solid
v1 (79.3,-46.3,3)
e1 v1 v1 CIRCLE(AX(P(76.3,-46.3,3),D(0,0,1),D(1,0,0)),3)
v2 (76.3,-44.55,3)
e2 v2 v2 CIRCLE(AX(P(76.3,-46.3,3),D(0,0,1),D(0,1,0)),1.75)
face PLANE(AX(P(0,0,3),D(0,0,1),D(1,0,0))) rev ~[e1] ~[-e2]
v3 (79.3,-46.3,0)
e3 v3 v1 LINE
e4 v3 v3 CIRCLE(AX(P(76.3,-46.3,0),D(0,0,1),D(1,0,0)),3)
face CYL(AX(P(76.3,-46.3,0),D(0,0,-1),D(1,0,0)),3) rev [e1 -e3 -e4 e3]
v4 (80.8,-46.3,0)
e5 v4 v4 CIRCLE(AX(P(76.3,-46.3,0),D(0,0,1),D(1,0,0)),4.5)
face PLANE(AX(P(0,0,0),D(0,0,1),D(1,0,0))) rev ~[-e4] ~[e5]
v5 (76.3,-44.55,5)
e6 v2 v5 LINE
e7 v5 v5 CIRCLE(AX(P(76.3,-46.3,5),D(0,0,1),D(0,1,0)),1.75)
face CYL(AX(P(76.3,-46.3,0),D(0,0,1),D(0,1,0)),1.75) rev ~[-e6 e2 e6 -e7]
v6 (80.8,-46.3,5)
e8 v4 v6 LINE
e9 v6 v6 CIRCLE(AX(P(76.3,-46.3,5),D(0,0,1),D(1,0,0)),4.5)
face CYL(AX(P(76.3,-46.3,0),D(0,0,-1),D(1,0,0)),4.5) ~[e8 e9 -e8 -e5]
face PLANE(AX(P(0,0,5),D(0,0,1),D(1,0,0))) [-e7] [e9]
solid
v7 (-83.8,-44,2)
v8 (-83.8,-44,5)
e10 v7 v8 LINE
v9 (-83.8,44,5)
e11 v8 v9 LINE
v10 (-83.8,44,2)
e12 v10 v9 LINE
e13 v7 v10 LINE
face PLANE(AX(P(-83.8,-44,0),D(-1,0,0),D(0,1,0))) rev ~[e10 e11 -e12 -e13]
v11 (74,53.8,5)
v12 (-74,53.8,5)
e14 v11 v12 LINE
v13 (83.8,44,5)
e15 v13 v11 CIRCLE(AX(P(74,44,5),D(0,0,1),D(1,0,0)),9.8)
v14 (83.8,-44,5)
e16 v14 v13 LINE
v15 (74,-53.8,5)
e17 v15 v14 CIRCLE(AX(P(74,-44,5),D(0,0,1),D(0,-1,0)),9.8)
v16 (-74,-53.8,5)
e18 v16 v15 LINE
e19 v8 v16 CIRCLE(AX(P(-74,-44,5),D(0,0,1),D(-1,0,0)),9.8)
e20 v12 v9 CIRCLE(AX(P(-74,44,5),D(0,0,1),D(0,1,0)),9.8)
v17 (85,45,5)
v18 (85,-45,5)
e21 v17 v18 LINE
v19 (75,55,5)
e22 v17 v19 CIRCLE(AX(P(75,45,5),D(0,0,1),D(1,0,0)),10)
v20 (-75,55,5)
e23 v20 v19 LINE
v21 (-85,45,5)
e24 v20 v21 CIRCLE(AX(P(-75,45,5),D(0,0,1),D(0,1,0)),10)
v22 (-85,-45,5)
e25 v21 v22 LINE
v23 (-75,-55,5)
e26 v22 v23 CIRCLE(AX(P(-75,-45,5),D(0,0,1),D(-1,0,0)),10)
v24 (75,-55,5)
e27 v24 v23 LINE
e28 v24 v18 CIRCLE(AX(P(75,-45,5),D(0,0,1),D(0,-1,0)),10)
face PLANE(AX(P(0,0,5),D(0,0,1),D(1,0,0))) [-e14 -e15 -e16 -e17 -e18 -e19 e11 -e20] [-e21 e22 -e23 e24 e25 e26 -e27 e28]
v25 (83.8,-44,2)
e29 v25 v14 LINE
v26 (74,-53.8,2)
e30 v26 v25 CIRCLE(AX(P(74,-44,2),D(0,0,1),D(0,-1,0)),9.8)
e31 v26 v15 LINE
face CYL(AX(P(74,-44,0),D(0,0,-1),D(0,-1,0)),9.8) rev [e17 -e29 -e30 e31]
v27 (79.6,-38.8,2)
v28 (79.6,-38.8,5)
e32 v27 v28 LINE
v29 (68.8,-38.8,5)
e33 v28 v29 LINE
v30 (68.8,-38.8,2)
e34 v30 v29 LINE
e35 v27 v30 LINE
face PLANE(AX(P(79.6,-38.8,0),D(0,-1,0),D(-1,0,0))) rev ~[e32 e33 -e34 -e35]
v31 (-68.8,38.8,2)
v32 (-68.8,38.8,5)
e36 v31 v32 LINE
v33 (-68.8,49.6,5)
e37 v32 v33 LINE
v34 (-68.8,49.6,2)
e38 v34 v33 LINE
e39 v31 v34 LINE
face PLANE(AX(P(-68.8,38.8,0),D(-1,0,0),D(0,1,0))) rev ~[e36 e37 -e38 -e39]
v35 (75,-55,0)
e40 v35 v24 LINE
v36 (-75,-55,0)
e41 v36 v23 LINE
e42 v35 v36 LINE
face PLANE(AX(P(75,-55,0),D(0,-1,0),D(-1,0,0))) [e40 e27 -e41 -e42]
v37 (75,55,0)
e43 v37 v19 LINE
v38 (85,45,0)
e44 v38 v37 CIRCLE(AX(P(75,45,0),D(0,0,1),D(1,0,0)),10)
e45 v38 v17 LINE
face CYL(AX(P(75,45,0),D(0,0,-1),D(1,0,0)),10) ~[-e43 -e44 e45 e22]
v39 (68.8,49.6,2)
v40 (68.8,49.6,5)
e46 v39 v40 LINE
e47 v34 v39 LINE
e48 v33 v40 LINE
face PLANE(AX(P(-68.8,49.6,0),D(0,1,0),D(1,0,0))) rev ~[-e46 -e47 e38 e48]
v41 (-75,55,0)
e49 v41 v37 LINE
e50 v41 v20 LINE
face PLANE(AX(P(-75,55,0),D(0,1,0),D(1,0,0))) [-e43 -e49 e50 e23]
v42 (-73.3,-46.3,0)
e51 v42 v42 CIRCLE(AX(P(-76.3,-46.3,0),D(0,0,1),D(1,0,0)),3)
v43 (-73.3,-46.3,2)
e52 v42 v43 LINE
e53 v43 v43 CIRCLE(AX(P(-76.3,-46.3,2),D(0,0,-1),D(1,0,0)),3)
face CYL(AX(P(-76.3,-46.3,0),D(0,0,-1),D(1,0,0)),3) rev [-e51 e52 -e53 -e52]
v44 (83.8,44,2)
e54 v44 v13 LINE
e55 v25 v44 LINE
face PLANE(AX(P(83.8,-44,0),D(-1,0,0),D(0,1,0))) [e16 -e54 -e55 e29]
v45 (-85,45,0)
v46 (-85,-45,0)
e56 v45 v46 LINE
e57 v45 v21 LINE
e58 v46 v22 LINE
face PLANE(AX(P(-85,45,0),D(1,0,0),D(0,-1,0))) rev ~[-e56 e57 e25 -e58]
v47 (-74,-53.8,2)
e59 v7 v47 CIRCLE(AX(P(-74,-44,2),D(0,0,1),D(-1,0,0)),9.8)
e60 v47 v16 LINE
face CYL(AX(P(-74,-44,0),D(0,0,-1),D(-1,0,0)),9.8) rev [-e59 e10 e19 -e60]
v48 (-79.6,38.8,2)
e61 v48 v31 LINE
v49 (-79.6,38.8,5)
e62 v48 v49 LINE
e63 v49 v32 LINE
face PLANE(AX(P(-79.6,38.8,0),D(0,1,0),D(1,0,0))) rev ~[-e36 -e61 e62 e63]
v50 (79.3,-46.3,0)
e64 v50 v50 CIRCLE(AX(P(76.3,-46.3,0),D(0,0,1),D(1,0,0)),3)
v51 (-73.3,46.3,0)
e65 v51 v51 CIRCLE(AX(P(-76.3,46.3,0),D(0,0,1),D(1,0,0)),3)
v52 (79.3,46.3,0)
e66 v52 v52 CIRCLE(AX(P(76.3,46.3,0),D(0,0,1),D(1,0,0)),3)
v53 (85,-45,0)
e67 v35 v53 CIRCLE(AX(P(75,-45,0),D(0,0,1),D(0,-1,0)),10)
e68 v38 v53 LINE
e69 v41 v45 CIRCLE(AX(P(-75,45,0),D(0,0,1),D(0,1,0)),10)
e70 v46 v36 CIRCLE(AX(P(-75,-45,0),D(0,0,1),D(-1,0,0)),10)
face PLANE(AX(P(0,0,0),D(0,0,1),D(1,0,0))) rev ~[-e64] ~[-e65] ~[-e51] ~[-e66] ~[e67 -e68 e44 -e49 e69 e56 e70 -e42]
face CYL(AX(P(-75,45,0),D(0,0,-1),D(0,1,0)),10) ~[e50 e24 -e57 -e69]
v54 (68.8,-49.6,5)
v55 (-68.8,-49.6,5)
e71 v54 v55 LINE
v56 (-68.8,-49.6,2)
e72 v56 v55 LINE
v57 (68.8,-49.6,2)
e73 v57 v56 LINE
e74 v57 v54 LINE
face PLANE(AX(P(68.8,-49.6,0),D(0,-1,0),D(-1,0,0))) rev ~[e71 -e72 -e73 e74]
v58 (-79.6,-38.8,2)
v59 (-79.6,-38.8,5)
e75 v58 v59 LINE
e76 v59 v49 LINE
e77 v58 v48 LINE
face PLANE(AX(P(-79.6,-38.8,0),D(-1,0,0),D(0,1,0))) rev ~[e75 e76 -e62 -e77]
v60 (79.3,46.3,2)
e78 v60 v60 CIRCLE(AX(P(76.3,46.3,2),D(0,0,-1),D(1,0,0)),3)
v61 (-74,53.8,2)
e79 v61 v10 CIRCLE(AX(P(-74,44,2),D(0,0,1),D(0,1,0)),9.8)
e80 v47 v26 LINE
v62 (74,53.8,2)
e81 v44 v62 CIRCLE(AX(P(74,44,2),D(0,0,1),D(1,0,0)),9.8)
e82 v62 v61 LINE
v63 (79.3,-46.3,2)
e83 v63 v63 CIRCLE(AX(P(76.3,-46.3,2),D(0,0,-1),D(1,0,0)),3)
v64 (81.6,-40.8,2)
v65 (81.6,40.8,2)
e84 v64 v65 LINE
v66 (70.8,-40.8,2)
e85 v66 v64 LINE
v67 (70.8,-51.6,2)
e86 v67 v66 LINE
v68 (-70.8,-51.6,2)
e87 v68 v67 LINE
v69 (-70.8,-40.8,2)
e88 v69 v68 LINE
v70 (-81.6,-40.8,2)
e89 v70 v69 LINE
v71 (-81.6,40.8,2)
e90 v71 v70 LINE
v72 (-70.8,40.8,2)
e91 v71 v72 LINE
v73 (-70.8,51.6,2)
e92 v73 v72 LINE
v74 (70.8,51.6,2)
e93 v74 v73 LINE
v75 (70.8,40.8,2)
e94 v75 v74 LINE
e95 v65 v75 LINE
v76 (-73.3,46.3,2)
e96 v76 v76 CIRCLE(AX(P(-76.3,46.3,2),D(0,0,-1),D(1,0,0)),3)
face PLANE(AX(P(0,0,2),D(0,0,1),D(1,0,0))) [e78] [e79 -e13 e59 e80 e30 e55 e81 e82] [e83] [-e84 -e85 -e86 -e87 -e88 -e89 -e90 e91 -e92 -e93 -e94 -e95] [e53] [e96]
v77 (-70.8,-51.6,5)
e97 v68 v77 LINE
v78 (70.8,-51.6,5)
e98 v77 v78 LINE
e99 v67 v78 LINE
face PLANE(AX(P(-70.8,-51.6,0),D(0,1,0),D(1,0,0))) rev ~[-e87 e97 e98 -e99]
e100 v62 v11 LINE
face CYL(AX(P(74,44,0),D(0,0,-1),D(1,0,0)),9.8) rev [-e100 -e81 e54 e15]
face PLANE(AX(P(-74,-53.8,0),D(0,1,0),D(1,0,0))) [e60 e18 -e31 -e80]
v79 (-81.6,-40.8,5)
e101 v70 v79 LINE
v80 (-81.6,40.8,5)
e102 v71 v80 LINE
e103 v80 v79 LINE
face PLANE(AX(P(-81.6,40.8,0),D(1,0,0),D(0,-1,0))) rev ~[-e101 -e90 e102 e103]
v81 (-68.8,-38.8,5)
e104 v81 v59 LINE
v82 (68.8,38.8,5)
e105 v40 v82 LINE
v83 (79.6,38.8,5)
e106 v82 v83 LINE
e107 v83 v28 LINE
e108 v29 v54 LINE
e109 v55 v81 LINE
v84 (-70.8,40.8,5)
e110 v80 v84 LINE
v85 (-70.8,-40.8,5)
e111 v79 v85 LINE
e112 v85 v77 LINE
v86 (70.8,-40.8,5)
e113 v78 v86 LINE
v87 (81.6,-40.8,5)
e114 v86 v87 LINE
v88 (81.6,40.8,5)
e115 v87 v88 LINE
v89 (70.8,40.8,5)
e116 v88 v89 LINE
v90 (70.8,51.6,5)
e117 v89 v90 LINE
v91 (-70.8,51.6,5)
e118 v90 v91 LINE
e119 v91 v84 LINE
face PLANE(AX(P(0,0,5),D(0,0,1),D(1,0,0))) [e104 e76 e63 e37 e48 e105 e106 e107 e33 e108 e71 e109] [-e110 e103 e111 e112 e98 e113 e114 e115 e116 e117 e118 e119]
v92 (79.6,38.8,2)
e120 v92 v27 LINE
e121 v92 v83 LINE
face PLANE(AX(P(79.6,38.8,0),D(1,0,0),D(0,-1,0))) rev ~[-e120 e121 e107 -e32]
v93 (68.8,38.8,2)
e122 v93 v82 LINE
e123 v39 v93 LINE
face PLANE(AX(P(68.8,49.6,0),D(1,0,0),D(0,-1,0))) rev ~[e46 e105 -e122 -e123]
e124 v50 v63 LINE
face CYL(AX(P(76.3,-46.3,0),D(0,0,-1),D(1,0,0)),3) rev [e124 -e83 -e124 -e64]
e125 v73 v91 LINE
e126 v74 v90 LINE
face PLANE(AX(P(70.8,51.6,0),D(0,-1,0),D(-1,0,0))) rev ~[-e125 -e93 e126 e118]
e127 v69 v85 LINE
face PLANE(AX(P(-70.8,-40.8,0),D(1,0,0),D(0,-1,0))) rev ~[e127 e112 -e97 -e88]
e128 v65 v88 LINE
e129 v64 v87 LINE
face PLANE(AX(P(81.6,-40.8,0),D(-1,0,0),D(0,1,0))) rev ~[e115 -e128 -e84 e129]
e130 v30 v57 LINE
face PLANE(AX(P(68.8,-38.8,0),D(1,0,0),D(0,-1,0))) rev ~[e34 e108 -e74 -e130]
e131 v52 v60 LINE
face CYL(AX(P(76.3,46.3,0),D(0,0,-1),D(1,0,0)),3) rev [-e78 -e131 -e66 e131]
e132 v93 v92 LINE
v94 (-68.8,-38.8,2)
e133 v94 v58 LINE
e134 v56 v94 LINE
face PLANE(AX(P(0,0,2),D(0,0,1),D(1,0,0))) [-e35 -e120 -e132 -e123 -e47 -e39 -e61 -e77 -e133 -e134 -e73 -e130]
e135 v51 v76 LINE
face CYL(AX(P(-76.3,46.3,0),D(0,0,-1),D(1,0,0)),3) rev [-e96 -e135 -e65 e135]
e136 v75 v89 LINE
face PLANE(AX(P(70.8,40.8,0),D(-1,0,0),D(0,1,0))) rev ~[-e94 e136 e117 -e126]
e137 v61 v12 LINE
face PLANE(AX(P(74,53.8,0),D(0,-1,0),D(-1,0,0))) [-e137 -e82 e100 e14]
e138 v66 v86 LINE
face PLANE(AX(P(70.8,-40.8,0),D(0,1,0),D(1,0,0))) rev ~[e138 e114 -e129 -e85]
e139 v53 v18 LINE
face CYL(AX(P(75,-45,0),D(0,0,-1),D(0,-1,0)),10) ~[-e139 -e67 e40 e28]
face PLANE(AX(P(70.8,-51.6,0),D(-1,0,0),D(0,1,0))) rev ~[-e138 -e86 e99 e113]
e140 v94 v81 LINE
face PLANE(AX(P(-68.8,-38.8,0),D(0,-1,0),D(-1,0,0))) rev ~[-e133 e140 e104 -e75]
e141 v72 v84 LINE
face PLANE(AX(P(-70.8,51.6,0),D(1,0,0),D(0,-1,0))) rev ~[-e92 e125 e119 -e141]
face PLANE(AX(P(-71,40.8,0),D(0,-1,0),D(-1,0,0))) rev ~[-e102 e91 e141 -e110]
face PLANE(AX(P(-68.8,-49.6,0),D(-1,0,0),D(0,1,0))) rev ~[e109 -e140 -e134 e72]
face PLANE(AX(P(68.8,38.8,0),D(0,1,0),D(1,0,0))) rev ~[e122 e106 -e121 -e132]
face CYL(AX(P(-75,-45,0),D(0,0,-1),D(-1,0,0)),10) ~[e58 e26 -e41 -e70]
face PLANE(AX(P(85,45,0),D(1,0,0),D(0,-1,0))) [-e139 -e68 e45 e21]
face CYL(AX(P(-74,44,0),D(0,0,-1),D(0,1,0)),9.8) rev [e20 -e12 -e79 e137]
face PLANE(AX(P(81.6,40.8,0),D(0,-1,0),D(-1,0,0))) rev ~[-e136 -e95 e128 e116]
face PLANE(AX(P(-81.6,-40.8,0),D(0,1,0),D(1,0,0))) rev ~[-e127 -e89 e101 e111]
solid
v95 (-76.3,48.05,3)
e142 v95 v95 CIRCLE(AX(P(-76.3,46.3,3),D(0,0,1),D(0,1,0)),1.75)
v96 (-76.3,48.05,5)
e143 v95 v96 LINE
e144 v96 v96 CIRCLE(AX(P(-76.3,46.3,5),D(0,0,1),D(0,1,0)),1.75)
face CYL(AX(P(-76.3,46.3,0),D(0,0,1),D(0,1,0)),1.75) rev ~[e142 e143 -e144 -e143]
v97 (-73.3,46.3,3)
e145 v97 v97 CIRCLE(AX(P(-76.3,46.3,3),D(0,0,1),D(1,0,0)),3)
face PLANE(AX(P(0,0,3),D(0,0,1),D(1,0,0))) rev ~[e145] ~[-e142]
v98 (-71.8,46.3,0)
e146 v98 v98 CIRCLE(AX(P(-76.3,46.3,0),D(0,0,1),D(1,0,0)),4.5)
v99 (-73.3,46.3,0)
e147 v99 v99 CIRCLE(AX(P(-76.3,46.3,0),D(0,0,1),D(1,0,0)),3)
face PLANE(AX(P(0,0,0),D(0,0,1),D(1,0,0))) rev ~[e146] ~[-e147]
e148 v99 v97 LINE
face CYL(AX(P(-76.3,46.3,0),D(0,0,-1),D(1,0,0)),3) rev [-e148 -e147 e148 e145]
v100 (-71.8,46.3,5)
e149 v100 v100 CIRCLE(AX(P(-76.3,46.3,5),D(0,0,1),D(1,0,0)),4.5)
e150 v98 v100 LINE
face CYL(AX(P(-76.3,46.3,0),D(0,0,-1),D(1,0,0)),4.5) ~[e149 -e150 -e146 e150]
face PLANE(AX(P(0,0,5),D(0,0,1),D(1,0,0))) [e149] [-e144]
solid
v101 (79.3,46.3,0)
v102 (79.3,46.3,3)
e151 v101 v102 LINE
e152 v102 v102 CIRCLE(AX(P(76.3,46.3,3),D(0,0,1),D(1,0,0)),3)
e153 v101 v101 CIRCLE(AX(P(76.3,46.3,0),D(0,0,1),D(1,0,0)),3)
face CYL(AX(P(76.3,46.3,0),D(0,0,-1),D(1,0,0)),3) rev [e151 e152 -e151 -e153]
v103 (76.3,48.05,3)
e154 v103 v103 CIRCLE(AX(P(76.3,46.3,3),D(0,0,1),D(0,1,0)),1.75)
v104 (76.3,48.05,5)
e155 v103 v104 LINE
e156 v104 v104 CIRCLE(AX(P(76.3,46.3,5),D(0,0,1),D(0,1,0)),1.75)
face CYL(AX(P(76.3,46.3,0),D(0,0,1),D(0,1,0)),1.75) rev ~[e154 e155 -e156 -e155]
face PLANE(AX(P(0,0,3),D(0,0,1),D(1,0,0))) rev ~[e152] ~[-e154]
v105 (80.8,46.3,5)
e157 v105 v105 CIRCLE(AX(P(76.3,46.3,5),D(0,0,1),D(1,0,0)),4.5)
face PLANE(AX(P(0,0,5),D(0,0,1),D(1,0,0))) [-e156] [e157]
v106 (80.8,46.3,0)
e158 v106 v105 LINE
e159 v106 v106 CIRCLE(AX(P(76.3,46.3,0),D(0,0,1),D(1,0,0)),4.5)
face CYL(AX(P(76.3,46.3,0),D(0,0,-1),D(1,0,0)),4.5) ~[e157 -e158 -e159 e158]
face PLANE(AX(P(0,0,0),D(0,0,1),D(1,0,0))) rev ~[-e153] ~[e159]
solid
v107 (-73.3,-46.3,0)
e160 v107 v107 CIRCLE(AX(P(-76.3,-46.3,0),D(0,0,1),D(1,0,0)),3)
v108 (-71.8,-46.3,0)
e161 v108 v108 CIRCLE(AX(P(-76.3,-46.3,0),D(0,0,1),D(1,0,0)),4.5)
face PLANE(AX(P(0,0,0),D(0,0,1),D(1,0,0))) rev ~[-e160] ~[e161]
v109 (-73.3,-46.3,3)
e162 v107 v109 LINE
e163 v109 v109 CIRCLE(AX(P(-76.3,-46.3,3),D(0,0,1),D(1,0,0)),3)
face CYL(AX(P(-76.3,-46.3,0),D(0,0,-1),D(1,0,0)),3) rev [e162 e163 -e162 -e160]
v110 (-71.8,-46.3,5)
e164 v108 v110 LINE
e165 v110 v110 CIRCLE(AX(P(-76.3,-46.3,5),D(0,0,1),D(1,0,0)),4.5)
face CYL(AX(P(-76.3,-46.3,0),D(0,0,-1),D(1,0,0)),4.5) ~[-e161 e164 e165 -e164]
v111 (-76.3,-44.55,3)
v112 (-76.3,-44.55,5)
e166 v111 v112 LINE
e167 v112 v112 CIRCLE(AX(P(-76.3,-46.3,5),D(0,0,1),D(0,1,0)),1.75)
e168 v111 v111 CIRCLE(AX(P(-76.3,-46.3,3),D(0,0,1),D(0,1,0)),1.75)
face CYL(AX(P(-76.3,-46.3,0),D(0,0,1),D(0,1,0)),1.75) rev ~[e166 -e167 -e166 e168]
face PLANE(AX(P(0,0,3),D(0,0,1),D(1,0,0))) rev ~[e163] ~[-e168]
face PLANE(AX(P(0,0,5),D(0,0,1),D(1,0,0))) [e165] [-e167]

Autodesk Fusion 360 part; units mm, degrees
sketch "Skizze1" plane through (0, 0, 0) normal (0, 0, 1) x (1, 0, 0)
  line L0 (85, -55) -> (-85, -55) construction
  line L1 (-85, -55) -> (-85, 55) construction
  line L2 (-85, 55) -> (85, 55) construction
  line L3 (85, 55) -> (85, -55) construction
  line L4 (85, -55) -> (-85, 55) construction
  line L5 (-85, -55) -> (85, 55) construction
  line L6 (83.8, -53.8) -> (-83.8, -53.8) construction
  line L7 (-83.8, -53.8) -> (-83.8, 53.8) construction
  line L8 (-83.8, 53.8) -> (83.8, 53.8) construction
  line L9 (83.8, 53.8) -> (83.8, -53.8) construction
  line L10 (83.8, -53.8) -> (-83.8, 53.8) construction
  line L11 (-83.8, -53.8) -> (83.8, 53.8) construction
  line L12 (60, 45) -> (112.6344, 45) construction
  line L13 (75, 65.4743) -> (75, 20.9271) construction
  arc A0 (85, 45) -> (75, 55) centre (75, 45) ccw
  line L14 (74, 76.2401) -> (74, -7.7296) construction
  line L15 (56.5373, 44) -> (104.4576, 44) construction
  arc A1 (83.8, 44) -> (74, 53.8) centre (74, 44) ccw
  line L16 (69, 40.8) -> (92.7084, 40.8) construction
  line L17 (70.8, 58.1175) -> (70.8, 37.2449) construction
  line L18 (-99.6173, 51.6) -> (133.2089, 51.6) construction
  line L19 (-98.318, -51.6) -> (125.4134, -51.6) construction
  line L20 (-81.6, 68.7546) -> (-81.6, -65.5882) construction
  line L21 (81.6, 76.2401) -> (81.6, -68.4466) construction
  line L22 (0, 88.5072) -> (0, -73.8187) construction
  line L23 (-112.3323, 0) -> (170, 0) construction
  arc A2 (-75, 55) -> (-85, 45) centre (-75, 45) ccw
  arc A3 (-74, 53.8) -> (-83.8, 44) centre (-74, 44) ccw
  arc A4 (75, -55) -> (85, -45) centre (75, -45) ccw
  arc A5 (74, -53.8) -> (83.8, -44) centre (74, -44) ccw
  arc A6 (-83.8, -44) -> (-74, -53.8) centre (-74, -44) ccw
  arc A7 (-85, -45) -> (-75, -55) centre (-75, -45) ccw
  line L24 (-85, 45) -> (-85, -45)
  line L25 (-83.8, -44) -> (-83.8, 44)
  line L26 (-75, 55) -> (75, 55)
  line L27 (74, 53.8) -> (-74, 53.8)
  line L28 (85, 45) -> (85, -45)
  line L29 (83.8, -44) -> (83.8, 44)
  line L30 (75, -55) -> (-75, -55)
  line L31 (-74, -53.8) -> (74, -53.8)
  line L32 (70.8, -51.6) -> (70.8, -40.8)
  line L33 (70.8, -40.8) -> (81.6, -40.8)
  line L34 (81.6, -40.8) -> (81.6, 40.8)
  line L35 (81.6, 40.8) -> (70.8, 40.8)
  line L36 (70.8, 40.8) -> (70.8, 51.6)
  line L37 (70.8, 51.6) -> (-70.8, 51.6)
  line L38 (-70.8, 40.8) -> (-71, 40.8)
  line L39 (-70.8, 51.6) -> (-70.8, 40.8)
  line L40 (-71, 40.8) -> (-81.6, 40.8)
  line L41 (-81.6, 40.8) -> (-81.6, -40.8)
  line L42 (-81.6, -40.8) -> (-70.8, -40.8)
  line L43 (-70.8, -40.8) -> (-70.8, -51.6)
  line L44 (-70.8, -51.6) -> (70.8, -51.6)
  line L45 (-105.874, 46.3) -> (130.8939, 46.3) construction
  line L46 (-106.5857, -46.3) -> (122.1159, -46.3) construction
  line L47 (76.3, 62.7556) -> (76.3, -77.2174) construction
  line L48 (-76.3, 64.1791) -> (-76.3, -73.896) construction
  circle A8 centre (76.3, 46.3) radius 4.5
  circle A9 centre (76.3, 46.3) radius 3
  circle A10 centre (76.3, -46.3) radius 4.5
  circle A11 centre (76.3, -46.3) radius 3
  circle A12 centre (-76.3, -46.3) radius 4.5
  circle A13 centre (-76.3, -46.3) radius 3
  circle A14 centre (-76.3, 46.3) radius 4.5
  circle A15 centre (-76.3, 46.3) radius 3
  line L49 (-68.8, 49.6) -> (68.8, 49.6)
  line L50 (68.8, 49.6) -> (68.8, 38.8)
  line L51 (68.8, 38.8) -> (79.6, 38.8)
  line L52 (79.6, 38.8) -> (79.6, -38.8)
  line L53 (79.6, -38.8) -> (68.8, -38.8)
  line L54 (68.8, -38.8) -> (68.8, -49.6)
  line L55 (68.8, -49.6) -> (-68.8, -49.6)
  line L56 (-68.8, -49.6) -> (-68.8, -38.8)
  line L57 (-68.8, -38.8) -> (-79.6, -38.8)
  line L58 (-79.6, -38.8) -> (-79.6, 38.8)
  line L59 (-79.6, 38.8) -> (-68.8, 38.8)
  line L60 (-68.8, 38.8) -> (-68.8, 49.6)
  point P0 (75, 45)
  point P1 (75, 55)
  point P2 (85, 45)
  point P3 (74, 44)
  point P4 (74, 53.8)
  point P5 (83.8, 44)
  point P6 (70.8, 51.6)
  point P7 (70.8, 40.8)
  point P8 (81.6, 40.8)
  point P9 (-81.6, 40.8)
  point P10 (-70.8, 51.6)
  point P11 (-70.8, 40.8)
  point P12 (81.6, -40.8)
  point P13 (70.8, -40.8)
  point P14 (70.8, -51.6)
  point P15 (-81.6, -40.8)
  point P16 (-70.8, -40.8)
  point P17 (-70.8, -51.6)
  point P18 (76.3, 46.3)
  point P19 (76.3, -46.3)
  point P20 (-76.3, -46.3)
  point P21 (-76.3, 46.3)
  dimension "d1" = 170
  dimension "d2" = 110
  dimension "d3" = 167.6
  dimension "d4" = 107.6
  dimension "d6" = 10
  dimension "d7" = 10
  dimension "d8" = 74
  dimension "d9" = 44
  dimension "d13" = 14.2
  dimension "d14" = 14.2
  dimension "d15" = 2.2
  dimension "d16" = 2.2
  dimension "d17" = 2.2
  dimension "d18" = 2.2
  dimension "d19" = 46.3
  dimension "d20" = 46.3
  dimension "d21" = 76.3
  dimension "d22" = 76.3
  dimension "d23" = 9
  dimension "d24" = 6
  dimension "d25" = 9
  dimension "d26" = 6
  dimension "d27" = 9
  dimension "d28" = 6
  dimension "d29" = 9
  dimension "d30" = 6
  dimension "d31" = 2
  dimension "d32" = 2
  dimension "d33" = 2
  dimension "d34" = 2
  dimension "d35" = 2
  dimension "d36" = 2
  dimension "d37" = 2
  dimension "d38" = 2
  dimension "d39" = 2
  dimension "d40" = 2
  dimension "d41" = 2
  dimension "d42" = 2
extrude "Extrusion1" add sketch "Skizze1" along normal blind 2 contours A1 A3 A5 A6 L25 L27 L29 L31 | A8 | A9 | A10 | A11 | A12 | A13 | A14 | A15 | L49 L50 L51 L52 L53 L54 L55 L56 L57 L58 L59 L60 makes body 1 at (-22.9333, 12.9333, 0) makes body 2 at (-73.6328, 48.2148, 0)
extrude "Extrusion2" add sketch "Skizze1" along normal blind 5 separate body contours A8 | A9 | A10 | A11 | A12 | A13 | A14 | A15 makes body 3 at (-75.0812, -41.9682, 3.3333) makes body 4 at (77.5188, -41.9682, 3.3333) makes body 5 at (-75.0812, 50.6318, 3.3333) makes body 6 at (77.5188, 50.6318, 3.3333)
hole "Bohrung2" at (-76.3, 46.3, 0) at (-76.3, -46.3, 0) at (76.3, -46.3, 0) at (76.3, 46.3, 0) direction (0, 0, 1) diameter 3.5 depth 15 tip angle 180 bodies 2 3 4 5 6
extrude "Extrusion3" cut sketch "Skizze1" along normal blind 3 contours A9 | A11 | A13 | A15 bodies 2 3 4 5 6
extrude "Extrusion4" add sketch "Skizze1" along normal blind 5 contours A0 A2 A4 A7 L24 L26 L28 L30 | L32 L33 L34 L35 L36 L37 L38 L39 L40 L41 L42 L43 L44 bodies 1 2
